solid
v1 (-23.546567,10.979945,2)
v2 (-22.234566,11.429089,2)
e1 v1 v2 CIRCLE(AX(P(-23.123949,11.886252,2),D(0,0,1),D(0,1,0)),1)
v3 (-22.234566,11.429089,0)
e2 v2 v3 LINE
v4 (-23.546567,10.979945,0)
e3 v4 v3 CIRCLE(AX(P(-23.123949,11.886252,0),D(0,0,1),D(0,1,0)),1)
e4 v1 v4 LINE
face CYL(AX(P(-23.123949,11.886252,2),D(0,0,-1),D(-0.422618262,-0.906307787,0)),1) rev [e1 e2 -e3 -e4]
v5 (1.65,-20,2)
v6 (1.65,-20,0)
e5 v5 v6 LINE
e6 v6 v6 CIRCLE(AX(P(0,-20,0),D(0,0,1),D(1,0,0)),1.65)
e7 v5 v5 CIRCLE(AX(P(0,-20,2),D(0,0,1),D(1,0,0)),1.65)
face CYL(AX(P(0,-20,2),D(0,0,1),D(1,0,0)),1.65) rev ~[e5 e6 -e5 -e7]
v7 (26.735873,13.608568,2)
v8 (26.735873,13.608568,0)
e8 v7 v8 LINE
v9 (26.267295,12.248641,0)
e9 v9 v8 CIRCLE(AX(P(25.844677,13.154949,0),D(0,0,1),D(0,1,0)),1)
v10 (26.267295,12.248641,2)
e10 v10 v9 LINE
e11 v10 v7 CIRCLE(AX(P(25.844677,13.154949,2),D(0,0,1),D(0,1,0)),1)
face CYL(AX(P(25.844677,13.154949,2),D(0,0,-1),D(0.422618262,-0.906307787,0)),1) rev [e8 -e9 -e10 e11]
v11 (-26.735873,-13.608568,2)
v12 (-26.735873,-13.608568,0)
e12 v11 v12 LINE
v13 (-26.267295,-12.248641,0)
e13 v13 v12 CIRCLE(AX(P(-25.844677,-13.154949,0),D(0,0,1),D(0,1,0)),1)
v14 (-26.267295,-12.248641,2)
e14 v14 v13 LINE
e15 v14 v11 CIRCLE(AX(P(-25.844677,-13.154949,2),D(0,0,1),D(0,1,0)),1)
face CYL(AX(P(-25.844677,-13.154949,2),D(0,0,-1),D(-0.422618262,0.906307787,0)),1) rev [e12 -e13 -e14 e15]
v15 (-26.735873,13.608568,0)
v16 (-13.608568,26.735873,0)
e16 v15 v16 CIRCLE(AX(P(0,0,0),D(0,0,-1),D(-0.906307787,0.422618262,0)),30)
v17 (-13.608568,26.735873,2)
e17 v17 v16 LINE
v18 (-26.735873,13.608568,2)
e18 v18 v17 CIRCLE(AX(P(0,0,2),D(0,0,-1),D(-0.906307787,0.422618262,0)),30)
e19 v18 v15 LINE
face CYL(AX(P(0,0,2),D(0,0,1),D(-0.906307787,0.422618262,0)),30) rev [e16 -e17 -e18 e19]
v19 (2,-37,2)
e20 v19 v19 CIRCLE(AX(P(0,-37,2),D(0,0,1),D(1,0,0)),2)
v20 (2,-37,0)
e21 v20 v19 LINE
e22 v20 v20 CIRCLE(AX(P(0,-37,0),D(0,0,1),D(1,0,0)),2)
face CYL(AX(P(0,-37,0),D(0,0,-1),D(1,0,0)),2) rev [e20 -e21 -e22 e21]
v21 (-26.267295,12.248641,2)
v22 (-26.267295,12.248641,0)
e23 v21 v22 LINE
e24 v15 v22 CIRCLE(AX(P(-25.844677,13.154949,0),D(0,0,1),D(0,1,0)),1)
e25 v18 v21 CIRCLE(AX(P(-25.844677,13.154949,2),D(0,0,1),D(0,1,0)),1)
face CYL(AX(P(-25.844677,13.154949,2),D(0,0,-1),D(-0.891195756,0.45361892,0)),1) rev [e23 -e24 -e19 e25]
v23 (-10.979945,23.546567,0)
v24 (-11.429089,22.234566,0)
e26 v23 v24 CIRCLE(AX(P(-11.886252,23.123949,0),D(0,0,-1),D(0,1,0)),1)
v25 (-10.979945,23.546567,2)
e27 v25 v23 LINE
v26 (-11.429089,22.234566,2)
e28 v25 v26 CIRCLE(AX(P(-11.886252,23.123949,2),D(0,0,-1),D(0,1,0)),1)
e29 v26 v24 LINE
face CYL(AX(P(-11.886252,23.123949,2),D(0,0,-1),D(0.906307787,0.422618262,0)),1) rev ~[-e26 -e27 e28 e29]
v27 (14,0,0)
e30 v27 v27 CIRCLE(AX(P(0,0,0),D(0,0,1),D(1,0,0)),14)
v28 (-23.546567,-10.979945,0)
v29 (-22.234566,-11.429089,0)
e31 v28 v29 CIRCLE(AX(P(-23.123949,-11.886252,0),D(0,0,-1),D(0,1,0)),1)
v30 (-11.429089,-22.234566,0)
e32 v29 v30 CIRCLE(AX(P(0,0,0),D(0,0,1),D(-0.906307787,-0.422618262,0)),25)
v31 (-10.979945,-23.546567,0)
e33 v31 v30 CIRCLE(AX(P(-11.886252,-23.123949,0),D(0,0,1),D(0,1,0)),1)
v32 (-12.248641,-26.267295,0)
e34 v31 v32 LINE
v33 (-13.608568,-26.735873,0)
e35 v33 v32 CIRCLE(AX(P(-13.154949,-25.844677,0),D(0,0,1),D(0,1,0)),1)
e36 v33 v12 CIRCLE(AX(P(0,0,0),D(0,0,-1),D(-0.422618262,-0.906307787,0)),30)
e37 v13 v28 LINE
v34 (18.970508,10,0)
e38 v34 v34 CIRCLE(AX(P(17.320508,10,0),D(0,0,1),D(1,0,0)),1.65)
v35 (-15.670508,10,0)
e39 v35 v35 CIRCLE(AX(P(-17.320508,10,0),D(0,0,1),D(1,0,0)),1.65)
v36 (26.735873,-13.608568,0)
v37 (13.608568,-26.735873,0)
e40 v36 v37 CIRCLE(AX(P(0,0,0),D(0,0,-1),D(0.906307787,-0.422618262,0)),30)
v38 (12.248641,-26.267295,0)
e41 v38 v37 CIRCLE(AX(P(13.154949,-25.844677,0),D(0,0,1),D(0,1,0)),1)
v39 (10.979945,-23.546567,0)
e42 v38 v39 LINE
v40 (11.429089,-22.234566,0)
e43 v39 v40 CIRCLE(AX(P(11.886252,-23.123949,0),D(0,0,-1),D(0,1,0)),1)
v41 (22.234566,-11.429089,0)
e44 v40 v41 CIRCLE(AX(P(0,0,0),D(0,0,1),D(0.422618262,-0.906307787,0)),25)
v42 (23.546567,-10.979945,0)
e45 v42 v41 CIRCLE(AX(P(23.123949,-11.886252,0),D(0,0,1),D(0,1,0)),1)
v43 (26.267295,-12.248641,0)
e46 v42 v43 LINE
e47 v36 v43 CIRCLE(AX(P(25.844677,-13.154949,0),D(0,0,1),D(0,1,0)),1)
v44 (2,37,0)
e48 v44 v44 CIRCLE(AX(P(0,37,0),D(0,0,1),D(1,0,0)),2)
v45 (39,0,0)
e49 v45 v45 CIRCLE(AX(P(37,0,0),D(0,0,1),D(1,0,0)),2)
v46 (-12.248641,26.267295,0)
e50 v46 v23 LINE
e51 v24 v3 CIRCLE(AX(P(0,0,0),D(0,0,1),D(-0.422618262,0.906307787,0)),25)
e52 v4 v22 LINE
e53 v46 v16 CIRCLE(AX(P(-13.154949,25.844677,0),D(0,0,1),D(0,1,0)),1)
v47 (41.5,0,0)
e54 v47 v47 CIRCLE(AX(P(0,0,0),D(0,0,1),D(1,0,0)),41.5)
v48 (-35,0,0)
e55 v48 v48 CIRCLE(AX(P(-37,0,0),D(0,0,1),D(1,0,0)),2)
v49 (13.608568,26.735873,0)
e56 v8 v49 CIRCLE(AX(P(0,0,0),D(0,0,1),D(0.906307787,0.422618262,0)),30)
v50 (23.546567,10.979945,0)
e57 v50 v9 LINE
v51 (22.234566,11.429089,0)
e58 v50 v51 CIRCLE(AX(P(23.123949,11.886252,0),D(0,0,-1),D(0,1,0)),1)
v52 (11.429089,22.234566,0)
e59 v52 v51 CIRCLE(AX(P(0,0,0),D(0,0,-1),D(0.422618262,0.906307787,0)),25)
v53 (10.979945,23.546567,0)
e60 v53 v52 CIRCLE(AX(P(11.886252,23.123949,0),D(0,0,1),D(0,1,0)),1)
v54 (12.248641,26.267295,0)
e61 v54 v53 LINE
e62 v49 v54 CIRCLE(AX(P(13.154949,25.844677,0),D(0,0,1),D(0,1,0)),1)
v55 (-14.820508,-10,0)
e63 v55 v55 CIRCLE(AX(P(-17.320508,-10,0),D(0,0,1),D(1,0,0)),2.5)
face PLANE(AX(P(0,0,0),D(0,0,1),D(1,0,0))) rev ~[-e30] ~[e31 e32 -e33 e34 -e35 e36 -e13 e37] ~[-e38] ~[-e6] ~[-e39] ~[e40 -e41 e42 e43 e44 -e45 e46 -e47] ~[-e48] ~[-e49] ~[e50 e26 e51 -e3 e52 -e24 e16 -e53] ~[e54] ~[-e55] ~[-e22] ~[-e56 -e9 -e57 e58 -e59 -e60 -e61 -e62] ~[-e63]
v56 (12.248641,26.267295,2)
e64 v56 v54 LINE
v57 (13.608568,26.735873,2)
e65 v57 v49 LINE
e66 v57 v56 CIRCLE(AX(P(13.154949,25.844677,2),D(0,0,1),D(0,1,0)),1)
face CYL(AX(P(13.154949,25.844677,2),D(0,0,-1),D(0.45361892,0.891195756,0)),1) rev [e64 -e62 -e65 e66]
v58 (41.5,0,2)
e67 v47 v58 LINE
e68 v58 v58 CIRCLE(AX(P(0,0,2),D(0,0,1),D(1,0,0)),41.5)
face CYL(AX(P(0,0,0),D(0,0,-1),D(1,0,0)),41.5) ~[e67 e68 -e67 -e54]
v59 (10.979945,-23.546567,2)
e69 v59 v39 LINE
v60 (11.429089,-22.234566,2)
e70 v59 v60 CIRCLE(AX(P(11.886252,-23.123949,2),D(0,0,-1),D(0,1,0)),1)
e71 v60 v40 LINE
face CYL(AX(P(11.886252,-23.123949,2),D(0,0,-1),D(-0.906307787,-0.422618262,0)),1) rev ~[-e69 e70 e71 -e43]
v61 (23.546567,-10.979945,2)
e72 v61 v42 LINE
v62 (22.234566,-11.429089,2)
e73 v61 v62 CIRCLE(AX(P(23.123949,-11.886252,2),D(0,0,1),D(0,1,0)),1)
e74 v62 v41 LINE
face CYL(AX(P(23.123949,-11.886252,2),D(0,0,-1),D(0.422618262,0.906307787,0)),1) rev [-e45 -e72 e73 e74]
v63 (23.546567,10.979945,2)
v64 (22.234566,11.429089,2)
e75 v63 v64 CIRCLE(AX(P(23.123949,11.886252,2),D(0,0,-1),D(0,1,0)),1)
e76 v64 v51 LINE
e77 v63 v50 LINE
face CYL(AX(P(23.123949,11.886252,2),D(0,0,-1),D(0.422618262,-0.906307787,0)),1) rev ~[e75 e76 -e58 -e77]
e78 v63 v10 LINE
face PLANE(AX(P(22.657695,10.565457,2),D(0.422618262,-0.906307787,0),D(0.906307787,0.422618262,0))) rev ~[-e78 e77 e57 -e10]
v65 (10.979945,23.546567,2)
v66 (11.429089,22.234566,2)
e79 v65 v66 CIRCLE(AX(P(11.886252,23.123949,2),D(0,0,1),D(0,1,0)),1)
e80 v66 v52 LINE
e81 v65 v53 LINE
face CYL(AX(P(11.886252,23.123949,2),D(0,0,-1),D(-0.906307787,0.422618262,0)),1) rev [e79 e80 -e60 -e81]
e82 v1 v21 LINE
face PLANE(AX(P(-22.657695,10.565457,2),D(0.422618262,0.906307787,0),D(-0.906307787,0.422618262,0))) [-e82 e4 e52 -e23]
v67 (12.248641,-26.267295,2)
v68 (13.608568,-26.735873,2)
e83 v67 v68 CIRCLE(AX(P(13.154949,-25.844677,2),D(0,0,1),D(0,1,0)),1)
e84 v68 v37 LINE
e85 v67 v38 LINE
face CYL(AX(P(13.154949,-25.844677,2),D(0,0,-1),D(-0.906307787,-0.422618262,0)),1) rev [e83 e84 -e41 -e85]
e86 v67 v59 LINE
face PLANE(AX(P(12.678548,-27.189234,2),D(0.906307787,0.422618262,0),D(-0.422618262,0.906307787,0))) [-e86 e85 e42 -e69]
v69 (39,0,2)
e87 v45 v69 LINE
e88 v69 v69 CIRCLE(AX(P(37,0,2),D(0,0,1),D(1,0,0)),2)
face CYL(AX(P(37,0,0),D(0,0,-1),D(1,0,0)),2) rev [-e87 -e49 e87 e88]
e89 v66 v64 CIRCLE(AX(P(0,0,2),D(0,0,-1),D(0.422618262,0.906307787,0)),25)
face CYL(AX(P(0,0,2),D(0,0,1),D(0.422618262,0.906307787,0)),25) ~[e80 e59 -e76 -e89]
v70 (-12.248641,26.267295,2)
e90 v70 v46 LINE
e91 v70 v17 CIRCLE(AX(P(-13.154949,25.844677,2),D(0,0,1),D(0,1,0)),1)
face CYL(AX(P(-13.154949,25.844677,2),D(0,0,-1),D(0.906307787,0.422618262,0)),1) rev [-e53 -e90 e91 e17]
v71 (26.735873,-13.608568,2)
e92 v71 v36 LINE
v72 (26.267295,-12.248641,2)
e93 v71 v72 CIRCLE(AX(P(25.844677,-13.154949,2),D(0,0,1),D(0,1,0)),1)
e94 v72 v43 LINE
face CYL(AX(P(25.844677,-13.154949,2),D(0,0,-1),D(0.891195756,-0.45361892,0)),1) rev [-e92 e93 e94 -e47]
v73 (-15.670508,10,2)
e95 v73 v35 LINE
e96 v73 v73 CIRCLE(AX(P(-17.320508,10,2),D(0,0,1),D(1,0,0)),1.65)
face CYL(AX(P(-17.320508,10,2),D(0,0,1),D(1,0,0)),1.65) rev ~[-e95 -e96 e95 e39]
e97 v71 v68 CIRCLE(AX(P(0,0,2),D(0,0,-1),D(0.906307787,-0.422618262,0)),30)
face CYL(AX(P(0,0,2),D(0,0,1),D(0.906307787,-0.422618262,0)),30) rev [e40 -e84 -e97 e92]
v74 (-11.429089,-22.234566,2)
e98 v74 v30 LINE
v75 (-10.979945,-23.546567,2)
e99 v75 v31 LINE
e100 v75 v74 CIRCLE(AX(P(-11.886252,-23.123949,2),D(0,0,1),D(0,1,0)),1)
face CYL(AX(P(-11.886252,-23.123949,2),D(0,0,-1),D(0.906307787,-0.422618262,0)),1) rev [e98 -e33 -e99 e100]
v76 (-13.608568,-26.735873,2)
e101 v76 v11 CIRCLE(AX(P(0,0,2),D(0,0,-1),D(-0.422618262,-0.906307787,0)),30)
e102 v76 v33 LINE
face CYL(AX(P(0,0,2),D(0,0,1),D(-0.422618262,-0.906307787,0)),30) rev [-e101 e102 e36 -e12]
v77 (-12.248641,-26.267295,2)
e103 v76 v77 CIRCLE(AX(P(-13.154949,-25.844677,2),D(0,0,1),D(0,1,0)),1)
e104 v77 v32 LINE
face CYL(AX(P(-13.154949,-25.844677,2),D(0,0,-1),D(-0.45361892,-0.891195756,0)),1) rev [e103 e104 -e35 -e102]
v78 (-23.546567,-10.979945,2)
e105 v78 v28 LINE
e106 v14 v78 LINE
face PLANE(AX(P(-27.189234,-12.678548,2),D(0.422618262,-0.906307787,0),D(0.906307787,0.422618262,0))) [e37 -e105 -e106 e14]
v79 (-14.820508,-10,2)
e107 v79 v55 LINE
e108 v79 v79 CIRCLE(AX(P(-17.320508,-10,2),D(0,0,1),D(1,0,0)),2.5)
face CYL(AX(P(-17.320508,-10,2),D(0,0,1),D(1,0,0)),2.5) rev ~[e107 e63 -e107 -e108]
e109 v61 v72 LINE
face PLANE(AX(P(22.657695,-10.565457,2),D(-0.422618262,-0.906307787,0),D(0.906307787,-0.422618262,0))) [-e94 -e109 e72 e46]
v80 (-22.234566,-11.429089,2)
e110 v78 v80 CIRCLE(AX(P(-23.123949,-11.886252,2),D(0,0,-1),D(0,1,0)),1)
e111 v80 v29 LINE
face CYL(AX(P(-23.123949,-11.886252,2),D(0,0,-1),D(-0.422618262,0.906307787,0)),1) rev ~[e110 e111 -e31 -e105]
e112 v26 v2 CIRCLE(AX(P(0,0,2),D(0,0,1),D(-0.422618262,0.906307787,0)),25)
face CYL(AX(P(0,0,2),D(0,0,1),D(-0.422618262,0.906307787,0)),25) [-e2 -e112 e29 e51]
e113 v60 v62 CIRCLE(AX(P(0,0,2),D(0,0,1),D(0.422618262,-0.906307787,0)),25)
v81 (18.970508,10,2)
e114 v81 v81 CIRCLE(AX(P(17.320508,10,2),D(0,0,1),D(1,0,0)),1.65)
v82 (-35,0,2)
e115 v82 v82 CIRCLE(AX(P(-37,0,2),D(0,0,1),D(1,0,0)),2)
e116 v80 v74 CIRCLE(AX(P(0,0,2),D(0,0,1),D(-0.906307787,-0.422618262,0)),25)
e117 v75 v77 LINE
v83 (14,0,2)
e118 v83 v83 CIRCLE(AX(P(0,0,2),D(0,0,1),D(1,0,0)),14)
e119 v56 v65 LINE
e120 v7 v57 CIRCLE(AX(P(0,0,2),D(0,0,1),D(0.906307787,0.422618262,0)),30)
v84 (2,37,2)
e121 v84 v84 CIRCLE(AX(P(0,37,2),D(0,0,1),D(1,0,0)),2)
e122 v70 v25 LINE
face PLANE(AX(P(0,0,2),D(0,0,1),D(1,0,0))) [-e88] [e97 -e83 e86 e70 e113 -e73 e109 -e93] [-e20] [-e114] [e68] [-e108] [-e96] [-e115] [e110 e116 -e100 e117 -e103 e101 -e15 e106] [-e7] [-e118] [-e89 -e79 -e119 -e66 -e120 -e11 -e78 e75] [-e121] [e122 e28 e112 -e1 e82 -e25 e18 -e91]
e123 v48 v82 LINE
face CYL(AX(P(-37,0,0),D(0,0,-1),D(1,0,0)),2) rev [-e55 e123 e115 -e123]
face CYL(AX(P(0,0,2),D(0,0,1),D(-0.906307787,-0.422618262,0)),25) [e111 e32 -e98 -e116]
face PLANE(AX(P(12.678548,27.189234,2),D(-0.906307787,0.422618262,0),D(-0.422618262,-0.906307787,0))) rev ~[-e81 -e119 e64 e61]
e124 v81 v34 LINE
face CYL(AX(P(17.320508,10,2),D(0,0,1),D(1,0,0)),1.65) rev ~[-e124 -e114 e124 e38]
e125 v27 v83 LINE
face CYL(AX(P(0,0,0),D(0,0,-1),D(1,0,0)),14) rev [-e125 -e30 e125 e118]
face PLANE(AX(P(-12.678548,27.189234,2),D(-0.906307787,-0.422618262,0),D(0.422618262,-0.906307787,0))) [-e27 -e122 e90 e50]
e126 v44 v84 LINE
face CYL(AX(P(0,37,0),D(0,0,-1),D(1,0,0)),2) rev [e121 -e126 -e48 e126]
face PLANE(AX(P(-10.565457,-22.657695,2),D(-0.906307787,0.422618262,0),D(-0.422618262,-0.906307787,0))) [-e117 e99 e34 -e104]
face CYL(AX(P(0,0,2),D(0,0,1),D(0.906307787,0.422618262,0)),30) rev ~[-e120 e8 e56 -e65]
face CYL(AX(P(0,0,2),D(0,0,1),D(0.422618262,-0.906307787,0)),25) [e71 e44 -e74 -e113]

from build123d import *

# Parameters (mm, degrees)
SKETCH_1_R          = 41.5
SKETCH_1_R_2        = 2
SKETCH_1_R_3        = 14
EXTRUDE_1_DEPTH     = 2
CUT_EXTRUDE_3_DEPTH = 2
FILLET_1_R          = 1
SKETCH_5_R          = 1.65
CUT_EXTRUDE_4_DEPTH = 10
SKETCH_6_R          = 2.5
CUT_EXTRUDE_5_DEPTH = 10


with BuildPart() as part:
    # 草图1 → 凸台-拉伸1 (new body)
    with BuildSketch(Plane.XY):
        Circle(SKETCH_1_R)
        with Locations((0, -37)):
            Circle(SKETCH_1_R_2, mode=Mode.SUBTRACT)
        with Locations((-37, 0)):
            Circle(SKETCH_1_R_2, mode=Mode.SUBTRACT)
        with Locations((0, 37)):
            Circle(SKETCH_1_R_2, mode=Mode.SUBTRACT)
        with Locations((37, 0)):
            Circle(SKETCH_1_R_2, mode=Mode.SUBTRACT)
        Circle(SKETCH_1_R_3, mode=Mode.SUBTRACT)
    extrude(amount=EXTRUDE_1_DEPTH)

    # 草图4 → 切除-拉伸3 (cut)
    with BuildSketch(Plane.XY.offset(2)):
        with BuildLine():
            ThreePointArc((-10.565456544, 22.657694676), (-17.67766953, 17.67766953), (-22.657694676, 10.565456544))
            Line((-22.657694676, 10.565456544), (-27.189233611, 12.678547852))
            ThreePointArc((-27.189233611, 12.678547852), (-21.213203436, 21.213203436), (-12.678547852, 27.189233611))
            Line((-12.678547852, 27.189233611), (-10.565456544, 22.657694676))
        make_face()
        with BuildLine():
            Line((22.657694676, 10.565456544), (27.189233611, 12.678547852))
            ThreePointArc((27.189233611, 12.678547852), (21.213203436, 21.213203436), (12.678547852, 27.189233611))
            Line((12.678547852, 27.189233611), (10.565456544, 22.657694676))
            ThreePointArc((10.565456544, 22.657694676), (17.67766953, 17.67766953), (22.657694676, 10.565456544))
        make_face()
        with BuildLine():
            ThreePointArc((-22.657694676, -10.565456544), (-17.67766953, -17.67766953), (-10.565456544, -22.657694676))
            Line((-10.565456544, -22.657694676), (-12.678547852, -27.189233611))
            ThreePointArc((-12.678547852, -27.189233611), (-21.213203436, -21.213203436), (-27.189233611, -12.678547852))
            Line((-27.189233611, -12.678547852), (-22.657694676, -10.565456544))
        make_face()
        with BuildLine():
            ThreePointArc((10.565456544, -22.657694676), (17.67766953, -17.67766953), (22.657694676, -10.565456544))
            Line((22.657694676, -10.565456544), (27.189233611, -12.678547852))
            ThreePointArc((27.189233611, -12.678547852), (21.213203436, -21.213203436), (12.678547852, -27.189233611))
            Line((12.678547852, -27.189233611), (10.565456544, -22.657694676))
        make_face()
    extrude(amount=-CUT_EXTRUDE_3_DEPTH, mode=Mode.SUBTRACT)

    # 圆角1
    fillet_1_edges = [part.edges().sort_by_distance(p)[0] for p in [
        (27.189233611, 12.678547852, 1),
        (22.657694676, 10.565456544, 1),
        (10.565456544, 22.657694676, 1),
        (12.678547852, 27.189233611, 1),
        (-22.657694676, -10.565456544, 1),
        (-10.565456544, -22.657694676, 1),
        (-12.678547852, -27.189233611, 1),
        (-27.189233611, -12.678547852, 1),
        (10.565456544, -22.657694676, 1),
        (22.657694676, -10.565456544, 1),
        (27.189233611, -12.678547852, 1),
        (12.678547852, -27.189233611, 1),
        (-10.565456544, 22.657694676, 1),
        (-22.657694676, 10.565456544, 1),
        (-27.189233611, 12.678547852, 1),
        (-12.678547852, 27.189233611, 1),
    ]]
    fillet(fillet_1_edges, radius=FILLET_1_R)

    # 草图5 → 切除-拉伸4 (cut)
    with BuildSketch(Plane.XY.offset(2)):
        with Locations((-17.320508076, 10)):
            Circle(SKETCH_5_R)
        with Locations((17.320508076, 10)):
            Circle(SKETCH_5_R)
        with Locations((0, -20)):
            Circle(SKETCH_5_R)
    extrude(amount=-CUT_EXTRUDE_4_DEPTH, mode=Mode.SUBTRACT)

    # 草图6 → 切除-拉伸5 (cut)
    with BuildSketch(Plane.XY.offset(2)):
        with Locations((-17.320508076, -10)):
            Circle(SKETCH_6_R)
    extrude(amount=-CUT_EXTRUDE_5_DEPTH, mode=Mode.SUBTRACT)


solid = part.part
